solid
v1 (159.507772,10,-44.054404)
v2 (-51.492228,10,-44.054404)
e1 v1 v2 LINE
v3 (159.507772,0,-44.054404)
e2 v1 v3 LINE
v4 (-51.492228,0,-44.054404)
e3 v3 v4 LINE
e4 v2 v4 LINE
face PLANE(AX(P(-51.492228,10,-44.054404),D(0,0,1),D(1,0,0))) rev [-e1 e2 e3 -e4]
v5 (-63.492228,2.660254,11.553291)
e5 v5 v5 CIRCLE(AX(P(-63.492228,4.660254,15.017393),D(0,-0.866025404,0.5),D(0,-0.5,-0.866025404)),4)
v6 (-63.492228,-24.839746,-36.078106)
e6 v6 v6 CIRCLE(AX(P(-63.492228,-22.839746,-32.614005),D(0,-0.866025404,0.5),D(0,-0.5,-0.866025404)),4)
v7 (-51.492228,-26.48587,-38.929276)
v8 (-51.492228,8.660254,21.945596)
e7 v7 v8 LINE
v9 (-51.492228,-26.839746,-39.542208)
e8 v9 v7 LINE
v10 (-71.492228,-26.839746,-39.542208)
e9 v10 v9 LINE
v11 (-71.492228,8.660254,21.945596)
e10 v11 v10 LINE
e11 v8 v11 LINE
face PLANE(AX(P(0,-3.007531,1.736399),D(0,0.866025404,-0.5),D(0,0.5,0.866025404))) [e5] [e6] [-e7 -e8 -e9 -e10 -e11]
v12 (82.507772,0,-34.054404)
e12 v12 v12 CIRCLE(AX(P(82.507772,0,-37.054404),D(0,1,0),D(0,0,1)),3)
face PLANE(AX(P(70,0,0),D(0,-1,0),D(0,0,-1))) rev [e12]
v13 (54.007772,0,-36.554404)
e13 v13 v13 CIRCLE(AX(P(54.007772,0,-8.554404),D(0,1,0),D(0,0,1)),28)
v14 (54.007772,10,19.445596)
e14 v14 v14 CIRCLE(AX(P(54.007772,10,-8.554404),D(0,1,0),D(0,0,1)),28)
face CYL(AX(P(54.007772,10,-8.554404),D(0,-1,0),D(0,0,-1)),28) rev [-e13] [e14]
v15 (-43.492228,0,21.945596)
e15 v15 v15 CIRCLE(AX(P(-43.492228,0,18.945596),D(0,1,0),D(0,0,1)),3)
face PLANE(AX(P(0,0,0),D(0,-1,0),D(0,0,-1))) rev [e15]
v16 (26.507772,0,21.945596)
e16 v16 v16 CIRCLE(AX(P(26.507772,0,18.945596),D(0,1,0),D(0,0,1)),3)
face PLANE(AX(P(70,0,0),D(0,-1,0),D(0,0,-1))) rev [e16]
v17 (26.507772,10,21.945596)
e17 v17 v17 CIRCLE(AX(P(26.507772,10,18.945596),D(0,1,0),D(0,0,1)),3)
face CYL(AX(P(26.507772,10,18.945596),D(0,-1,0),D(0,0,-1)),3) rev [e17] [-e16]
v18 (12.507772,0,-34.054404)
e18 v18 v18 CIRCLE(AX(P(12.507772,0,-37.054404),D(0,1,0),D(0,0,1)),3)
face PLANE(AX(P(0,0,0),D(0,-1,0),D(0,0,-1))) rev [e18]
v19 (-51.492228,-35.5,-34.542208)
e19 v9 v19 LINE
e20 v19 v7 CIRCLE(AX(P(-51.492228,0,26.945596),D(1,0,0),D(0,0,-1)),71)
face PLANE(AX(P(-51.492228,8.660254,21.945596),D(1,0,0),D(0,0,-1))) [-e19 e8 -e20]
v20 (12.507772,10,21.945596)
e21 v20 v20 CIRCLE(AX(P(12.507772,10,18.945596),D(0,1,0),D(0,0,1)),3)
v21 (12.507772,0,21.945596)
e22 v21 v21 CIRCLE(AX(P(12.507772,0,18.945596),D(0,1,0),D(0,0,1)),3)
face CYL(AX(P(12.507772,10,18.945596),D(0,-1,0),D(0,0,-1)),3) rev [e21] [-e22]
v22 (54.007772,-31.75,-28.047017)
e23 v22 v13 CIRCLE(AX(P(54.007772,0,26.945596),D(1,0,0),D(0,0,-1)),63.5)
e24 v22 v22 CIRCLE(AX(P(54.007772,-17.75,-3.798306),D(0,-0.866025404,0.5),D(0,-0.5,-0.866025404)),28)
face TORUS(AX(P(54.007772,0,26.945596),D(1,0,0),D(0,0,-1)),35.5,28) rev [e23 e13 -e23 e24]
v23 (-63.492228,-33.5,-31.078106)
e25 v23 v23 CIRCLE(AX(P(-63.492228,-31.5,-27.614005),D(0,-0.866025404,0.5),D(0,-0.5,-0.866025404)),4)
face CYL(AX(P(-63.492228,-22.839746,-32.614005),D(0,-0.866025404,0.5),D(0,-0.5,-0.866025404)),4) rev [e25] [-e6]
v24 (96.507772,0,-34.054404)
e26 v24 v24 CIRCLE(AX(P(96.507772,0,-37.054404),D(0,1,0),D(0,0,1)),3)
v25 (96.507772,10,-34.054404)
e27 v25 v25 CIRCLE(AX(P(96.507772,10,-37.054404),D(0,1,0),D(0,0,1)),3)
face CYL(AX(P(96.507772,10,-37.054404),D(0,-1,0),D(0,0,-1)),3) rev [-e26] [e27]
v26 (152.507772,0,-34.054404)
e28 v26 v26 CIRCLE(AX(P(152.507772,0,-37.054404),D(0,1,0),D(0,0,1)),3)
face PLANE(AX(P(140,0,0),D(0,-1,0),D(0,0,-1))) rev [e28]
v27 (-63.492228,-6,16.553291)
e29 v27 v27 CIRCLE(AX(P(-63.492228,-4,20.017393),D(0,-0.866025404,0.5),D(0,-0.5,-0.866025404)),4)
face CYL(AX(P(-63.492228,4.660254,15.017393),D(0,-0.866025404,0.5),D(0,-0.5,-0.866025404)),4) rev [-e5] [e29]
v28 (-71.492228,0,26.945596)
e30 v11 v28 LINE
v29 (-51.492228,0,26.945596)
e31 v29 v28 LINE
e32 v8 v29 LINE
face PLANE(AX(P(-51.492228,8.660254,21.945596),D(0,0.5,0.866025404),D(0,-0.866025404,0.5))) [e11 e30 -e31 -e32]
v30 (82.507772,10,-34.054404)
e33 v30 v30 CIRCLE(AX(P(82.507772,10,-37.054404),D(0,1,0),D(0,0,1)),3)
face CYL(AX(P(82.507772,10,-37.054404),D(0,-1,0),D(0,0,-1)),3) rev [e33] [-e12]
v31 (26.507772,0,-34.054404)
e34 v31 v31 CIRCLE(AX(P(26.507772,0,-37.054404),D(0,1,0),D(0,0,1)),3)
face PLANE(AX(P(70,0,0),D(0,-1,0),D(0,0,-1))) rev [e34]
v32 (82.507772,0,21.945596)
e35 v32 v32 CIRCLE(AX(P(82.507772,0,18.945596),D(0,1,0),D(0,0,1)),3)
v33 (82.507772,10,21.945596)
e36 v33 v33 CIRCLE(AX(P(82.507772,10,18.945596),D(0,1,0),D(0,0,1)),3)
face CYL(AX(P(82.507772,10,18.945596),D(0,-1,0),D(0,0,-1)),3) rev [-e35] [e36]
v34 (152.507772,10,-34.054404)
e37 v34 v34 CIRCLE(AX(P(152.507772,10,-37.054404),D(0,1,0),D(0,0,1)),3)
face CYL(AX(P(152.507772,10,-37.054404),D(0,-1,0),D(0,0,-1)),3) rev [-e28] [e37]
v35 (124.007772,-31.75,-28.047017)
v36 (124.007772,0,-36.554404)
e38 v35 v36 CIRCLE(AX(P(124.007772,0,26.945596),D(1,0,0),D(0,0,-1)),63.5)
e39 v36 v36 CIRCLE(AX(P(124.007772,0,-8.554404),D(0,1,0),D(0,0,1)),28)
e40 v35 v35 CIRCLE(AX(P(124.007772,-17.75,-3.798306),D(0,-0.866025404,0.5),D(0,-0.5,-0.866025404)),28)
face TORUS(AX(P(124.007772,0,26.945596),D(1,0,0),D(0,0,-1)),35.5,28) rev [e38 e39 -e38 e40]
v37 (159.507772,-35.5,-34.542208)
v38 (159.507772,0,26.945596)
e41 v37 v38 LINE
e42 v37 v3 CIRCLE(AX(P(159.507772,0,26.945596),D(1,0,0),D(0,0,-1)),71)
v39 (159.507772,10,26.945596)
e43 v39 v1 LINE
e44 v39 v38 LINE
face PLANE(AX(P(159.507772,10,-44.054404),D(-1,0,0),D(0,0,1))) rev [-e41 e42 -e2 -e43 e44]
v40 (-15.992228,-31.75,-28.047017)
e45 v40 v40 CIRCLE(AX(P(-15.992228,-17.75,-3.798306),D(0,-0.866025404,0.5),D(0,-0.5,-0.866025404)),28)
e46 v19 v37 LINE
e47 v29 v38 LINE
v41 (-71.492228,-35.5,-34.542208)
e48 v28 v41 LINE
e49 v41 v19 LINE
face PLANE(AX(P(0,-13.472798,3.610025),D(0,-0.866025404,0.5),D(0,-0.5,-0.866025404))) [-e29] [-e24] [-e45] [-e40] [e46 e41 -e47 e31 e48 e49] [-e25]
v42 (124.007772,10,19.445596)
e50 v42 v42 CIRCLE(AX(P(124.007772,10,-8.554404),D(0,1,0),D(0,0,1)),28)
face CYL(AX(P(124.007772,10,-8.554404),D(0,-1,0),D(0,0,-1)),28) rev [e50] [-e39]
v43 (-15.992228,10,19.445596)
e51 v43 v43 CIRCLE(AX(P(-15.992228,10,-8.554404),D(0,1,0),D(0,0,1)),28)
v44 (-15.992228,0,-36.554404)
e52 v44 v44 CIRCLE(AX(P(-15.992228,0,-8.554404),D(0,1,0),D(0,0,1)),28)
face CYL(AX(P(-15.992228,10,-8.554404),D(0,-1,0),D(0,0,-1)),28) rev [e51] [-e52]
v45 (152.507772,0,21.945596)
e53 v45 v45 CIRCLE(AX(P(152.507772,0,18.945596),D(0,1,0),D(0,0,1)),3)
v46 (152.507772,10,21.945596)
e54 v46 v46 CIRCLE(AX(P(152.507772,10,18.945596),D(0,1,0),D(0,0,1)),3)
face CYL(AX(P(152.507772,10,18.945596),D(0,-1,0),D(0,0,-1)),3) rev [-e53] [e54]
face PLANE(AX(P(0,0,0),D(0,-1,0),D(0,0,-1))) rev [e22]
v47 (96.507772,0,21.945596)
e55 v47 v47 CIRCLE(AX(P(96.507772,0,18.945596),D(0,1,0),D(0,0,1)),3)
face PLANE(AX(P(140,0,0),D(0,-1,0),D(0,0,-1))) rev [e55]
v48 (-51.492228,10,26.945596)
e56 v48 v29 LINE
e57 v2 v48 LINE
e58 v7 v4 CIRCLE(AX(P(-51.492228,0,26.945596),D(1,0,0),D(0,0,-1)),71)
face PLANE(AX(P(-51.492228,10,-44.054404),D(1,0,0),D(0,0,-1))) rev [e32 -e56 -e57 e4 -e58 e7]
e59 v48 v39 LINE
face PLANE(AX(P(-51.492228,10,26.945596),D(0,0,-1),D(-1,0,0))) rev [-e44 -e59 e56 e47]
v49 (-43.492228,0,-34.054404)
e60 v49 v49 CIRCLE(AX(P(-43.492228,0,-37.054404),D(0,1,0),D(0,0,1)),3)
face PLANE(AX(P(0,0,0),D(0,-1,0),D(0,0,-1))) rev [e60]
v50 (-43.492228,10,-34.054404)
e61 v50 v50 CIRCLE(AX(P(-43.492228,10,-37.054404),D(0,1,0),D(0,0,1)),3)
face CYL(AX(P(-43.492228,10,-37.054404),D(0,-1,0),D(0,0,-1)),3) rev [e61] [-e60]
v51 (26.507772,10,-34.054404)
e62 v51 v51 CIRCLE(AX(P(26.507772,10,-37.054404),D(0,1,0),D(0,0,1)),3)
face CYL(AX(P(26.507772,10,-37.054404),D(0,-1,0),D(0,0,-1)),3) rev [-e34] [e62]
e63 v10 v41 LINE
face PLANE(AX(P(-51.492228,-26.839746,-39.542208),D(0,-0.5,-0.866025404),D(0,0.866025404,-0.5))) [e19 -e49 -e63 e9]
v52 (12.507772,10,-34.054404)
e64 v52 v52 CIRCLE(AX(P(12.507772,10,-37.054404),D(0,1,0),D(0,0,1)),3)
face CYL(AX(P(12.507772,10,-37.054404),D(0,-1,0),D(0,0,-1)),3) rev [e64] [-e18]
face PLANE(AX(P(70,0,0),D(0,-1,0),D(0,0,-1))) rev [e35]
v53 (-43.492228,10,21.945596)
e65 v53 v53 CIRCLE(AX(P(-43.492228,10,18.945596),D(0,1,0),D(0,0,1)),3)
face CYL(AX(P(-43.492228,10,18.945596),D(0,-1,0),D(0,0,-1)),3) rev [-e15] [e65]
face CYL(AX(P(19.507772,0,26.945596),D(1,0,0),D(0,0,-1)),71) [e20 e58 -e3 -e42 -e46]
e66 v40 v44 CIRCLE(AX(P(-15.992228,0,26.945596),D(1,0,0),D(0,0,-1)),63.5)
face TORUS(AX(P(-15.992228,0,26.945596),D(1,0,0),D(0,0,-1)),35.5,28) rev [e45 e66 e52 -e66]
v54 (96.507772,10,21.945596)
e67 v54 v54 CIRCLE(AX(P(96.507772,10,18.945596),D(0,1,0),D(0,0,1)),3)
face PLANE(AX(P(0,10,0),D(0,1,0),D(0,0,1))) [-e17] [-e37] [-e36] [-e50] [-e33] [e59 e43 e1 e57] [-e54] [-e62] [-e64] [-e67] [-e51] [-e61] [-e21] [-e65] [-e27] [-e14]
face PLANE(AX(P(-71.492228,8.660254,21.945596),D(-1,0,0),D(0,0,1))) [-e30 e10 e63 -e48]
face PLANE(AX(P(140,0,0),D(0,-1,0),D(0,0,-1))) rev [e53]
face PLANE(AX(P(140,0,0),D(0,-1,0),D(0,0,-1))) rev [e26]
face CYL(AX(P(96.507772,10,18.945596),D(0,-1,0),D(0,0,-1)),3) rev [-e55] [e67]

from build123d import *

# Parameters (mm, degrees)
SKETCH1_W           = 71
SKETCH1_H           = 71
SKETCH1_R           = 3
SKETCH1_R_2         = 28
BOSS_EXTRUDE1_DEPTH = 10
SKETCH2_W           = 71
SKETCH2_H           = 71
SKETCH2_R           = 28
REVOLVE1_ANGLE      = 30
LPATTERN1_COUNT     = 3
LPATTERN1_PITCH     = 70
SKETCH3_W           = 20
SKETCH3_H           = 71
BOSS_EXTRUDE2_DEPTH = 10
SKETCH4_R           = 4
CUT_EXTRUDE1_DEPTH  = 10


with BuildPart() as part:
    # Sketch1 → Boss-Extrude1 (new body)
    with BuildSketch(Plane(origin=(0, 0, 0), x_dir=(1, 0, 0), z_dir=(0, 1, 0))):
        with Locations((-15.992227979, 8.554404145)):
            Rectangle(SKETCH1_W, SKETCH1_H)
        with Locations((-43.492227979, 37.054404145)):
            Circle(SKETCH1_R, mode=Mode.SUBTRACT)
        with Locations((12.507772021, 37.054404145)):
            Circle(SKETCH1_R, mode=Mode.SUBTRACT)
        with Locations((12.507772021, -18.945595855)):
            Circle(SKETCH1_R, mode=Mode.SUBTRACT)
        with Locations((-43.492227979, -18.945595855)):
            Circle(SKETCH1_R, mode=Mode.SUBTRACT)
        with Locations((-15.992227979, 8.554404145)):
            Circle(SKETCH1_R_2, mode=Mode.SUBTRACT)
    boss_extrude1 = extrude(amount=BOSS_EXTRUDE1_DEPTH)

    # Sketch2 → Revolve1 (revolve)
    with BuildSketch(Plane.XZ):
        with Locations((-15.992227979, -8.554404145)):
            Rectangle(SKETCH2_W, SKETCH2_H)
        with Locations((-15.992227979, -8.554404145)):
            Circle(SKETCH2_R, mode=Mode.SUBTRACT)
    revolve1 = revolve(axis=Axis((19.507772021, 0, 26.945595855), (-1, 0, 0)), revolution_arc=REVOLVE1_ANGLE)

    # LPattern1: Boss-Extrude1, Revolve1 ×3
    with Locations(*[(i * LPATTERN1_PITCH, 0, 0) for i in range(1, LPATTERN1_COUNT)]):
        add(boss_extrude1)
        add(revolve1)

    # Sketch3 → Boss-Extrude2 (add)
    with BuildSketch(Plane(origin=(0, -11.667785265, 6.736398964), x_dir=(1, 0, 0), z_dir=(0, -0.866025404, 0.5))):
        with Locations((-61.492227979, -12.16442947)):
            Rectangle(SKETCH3_W, SKETCH3_H)
    extrude(amount=-BOSS_EXTRUDE2_DEPTH)

    # Sketch4 → Cut-Extrude1 (cut)
    with BuildSketch(Plane(origin=(0, -11.667785265, 6.736398964), x_dir=(1, 0, 0), z_dir=(0, -0.866025404, 0.5))):
        with Locations((-63.492227979, 15.33557053)):
            Circle(SKETCH4_R)
        with Locations((-63.492227979, -39.66442947)):
            Circle(SKETCH4_R)
    extrude(amount=-CUT_EXTRUDE1_DEPTH, mode=Mode.SUBTRACT)


solid = part.part
